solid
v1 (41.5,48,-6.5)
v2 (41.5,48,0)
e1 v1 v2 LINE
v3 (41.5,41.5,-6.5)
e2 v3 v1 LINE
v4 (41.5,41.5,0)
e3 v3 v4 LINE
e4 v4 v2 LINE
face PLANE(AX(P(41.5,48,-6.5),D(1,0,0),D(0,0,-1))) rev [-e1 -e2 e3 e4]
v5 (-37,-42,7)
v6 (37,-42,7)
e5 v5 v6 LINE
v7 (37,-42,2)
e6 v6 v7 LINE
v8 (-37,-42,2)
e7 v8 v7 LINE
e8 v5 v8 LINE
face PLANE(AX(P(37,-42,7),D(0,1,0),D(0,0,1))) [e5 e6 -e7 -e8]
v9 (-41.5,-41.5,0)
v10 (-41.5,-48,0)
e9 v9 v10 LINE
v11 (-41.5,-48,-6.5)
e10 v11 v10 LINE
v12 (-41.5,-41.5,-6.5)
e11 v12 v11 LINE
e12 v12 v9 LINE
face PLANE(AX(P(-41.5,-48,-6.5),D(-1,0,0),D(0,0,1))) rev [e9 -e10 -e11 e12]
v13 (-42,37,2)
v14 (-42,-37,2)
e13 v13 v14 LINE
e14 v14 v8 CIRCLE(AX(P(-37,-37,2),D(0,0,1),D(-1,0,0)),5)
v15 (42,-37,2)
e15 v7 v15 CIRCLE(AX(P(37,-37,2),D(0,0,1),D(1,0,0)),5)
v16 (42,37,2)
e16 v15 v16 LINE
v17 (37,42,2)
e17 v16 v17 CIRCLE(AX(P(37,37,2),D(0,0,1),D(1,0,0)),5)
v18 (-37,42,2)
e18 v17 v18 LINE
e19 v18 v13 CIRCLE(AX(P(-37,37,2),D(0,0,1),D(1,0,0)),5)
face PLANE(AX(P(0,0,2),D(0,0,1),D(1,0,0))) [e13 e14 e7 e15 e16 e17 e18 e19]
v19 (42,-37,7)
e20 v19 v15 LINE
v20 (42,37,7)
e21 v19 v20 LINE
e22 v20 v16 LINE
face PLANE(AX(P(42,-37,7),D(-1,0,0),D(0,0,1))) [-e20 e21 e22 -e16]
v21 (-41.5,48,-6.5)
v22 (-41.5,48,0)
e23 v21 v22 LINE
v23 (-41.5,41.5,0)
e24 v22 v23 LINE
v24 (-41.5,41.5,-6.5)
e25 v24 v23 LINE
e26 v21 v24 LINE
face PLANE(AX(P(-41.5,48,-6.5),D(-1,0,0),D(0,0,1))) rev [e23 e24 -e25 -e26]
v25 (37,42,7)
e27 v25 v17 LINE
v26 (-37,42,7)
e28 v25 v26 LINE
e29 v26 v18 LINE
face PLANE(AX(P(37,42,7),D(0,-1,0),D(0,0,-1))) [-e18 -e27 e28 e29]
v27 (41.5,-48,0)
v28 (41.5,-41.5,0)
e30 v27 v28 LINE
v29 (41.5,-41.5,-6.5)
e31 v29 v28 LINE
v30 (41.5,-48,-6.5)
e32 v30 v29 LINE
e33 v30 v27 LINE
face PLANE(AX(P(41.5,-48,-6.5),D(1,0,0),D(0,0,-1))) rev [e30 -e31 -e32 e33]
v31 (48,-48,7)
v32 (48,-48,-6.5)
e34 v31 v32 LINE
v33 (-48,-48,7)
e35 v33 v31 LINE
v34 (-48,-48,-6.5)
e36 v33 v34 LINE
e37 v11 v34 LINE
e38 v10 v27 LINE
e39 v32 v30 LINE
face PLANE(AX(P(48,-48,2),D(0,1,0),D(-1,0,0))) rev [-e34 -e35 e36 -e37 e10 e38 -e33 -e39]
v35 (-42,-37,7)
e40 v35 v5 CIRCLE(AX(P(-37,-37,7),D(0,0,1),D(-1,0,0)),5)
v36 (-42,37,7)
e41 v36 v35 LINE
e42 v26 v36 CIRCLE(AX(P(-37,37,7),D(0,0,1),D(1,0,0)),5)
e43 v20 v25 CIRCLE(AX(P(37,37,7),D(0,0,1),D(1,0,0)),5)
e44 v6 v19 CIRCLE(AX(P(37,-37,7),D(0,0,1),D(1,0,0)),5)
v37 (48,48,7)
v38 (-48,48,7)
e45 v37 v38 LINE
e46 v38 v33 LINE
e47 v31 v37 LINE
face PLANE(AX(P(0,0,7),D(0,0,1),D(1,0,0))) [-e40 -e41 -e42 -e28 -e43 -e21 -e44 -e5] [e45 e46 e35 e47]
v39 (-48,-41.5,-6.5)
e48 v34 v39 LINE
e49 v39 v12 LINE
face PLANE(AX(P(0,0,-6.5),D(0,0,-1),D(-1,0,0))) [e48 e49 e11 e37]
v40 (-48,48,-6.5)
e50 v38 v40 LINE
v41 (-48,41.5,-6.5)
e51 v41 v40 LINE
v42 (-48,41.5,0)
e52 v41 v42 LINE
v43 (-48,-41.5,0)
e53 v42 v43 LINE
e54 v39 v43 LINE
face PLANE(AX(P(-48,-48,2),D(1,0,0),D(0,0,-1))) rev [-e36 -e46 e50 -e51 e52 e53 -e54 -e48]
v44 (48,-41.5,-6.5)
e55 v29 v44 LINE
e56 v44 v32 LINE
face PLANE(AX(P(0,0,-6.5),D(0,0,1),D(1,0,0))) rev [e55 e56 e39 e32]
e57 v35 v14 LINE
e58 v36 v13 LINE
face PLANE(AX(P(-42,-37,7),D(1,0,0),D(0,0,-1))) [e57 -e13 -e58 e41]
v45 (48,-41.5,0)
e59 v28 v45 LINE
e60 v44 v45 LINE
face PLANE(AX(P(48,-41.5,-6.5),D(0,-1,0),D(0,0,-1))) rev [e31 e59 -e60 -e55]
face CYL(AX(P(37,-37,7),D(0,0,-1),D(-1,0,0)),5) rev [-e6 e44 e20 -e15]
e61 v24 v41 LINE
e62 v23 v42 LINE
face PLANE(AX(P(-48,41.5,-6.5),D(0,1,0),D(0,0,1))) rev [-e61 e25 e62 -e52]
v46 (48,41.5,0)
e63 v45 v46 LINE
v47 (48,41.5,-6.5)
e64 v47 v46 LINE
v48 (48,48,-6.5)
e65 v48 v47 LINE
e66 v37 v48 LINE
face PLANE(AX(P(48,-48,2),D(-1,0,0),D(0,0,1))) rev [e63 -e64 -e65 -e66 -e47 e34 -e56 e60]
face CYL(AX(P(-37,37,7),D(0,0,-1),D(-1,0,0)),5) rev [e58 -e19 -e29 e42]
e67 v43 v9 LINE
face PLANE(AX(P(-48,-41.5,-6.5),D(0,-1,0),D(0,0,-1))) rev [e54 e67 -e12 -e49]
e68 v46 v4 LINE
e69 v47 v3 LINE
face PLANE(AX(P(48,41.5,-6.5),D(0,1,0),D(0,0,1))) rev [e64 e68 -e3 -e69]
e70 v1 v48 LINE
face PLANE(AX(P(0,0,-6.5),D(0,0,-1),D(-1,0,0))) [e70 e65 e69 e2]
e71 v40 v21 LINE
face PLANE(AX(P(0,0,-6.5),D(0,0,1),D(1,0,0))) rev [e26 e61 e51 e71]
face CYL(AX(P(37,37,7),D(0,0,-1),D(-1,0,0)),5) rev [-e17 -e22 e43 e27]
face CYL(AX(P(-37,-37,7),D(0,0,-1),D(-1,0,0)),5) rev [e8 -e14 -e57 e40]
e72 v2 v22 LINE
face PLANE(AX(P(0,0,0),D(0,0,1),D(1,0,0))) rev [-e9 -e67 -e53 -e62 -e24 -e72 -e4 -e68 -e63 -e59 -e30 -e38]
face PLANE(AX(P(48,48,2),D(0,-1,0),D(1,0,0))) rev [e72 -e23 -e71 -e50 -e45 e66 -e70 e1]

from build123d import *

# Parameters (mm, degrees)
SKETCH1_W           = 96
SKETCH1_H           = 96
BOSS_EXTRUDE1_DEPTH = 2
SKETCH2_W           = 96
SKETCH2_H           = 96
BOSS_EXTRUDE2_DEPTH = 5
SKETCH3_W           = 6.5
SKETCH3_H           = 6.5
BOSS_EXTRUDE3_DEPTH = 6.5


with BuildPart() as part:
    # Sketch1 → Boss-Extrude1 (new body)
    with BuildSketch(Plane.XY):
        Rectangle(SKETCH1_W, SKETCH1_H)
    extrude(amount=BOSS_EXTRUDE1_DEPTH)

    # Sketch2 → Boss-Extrude2 (add)
    with BuildSketch(Plane.XY.offset(2)):
        Rectangle(SKETCH2_W, SKETCH2_H)
        with BuildLine():
            Line((37, -42), (-37, -42))
            ThreePointArc((-37, -42), (-40.535533906, -40.535533906), (-42, -37))
            Line((-42, -37), (-42, 37))
            ThreePointArc((-42, 37), (-40.535533906, 40.535533906), (-37, 42))
            Line((-37, 42), (37, 42))
            ThreePointArc((37, 42), (40.535533906, 40.535533906), (42, 37))
            Line((42, 37), (42, -37))
            ThreePointArc((42, -37), (40.535533906, -40.535533906), (37, -42))
        make_face(mode=Mode.SUBTRACT)
    extrude(amount=BOSS_EXTRUDE2_DEPTH)

    # Sketch3 → Boss-Extrude3 (add)
    with BuildSketch(Plane(origin=(0, 0, 0), x_dir=(-1, 0, 0), z_dir=(0, 0, -1))):
        with Locations((-44.75, 44.75)):
            Rectangle(SKETCH3_W, SKETCH3_H)
        with Locations((44.75, 44.75)):
            Rectangle(SKETCH3_W, SKETCH3_H)
        with Locations((-44.75, -44.75)):
            Rectangle(SKETCH3_W, SKETCH3_H)
        with Locations((44.75, -44.75)):
            Rectangle(SKETCH3_W, SKETCH3_H)
    extrude(amount=BOSS_EXTRUDE3_DEPTH)


solid = part.part
